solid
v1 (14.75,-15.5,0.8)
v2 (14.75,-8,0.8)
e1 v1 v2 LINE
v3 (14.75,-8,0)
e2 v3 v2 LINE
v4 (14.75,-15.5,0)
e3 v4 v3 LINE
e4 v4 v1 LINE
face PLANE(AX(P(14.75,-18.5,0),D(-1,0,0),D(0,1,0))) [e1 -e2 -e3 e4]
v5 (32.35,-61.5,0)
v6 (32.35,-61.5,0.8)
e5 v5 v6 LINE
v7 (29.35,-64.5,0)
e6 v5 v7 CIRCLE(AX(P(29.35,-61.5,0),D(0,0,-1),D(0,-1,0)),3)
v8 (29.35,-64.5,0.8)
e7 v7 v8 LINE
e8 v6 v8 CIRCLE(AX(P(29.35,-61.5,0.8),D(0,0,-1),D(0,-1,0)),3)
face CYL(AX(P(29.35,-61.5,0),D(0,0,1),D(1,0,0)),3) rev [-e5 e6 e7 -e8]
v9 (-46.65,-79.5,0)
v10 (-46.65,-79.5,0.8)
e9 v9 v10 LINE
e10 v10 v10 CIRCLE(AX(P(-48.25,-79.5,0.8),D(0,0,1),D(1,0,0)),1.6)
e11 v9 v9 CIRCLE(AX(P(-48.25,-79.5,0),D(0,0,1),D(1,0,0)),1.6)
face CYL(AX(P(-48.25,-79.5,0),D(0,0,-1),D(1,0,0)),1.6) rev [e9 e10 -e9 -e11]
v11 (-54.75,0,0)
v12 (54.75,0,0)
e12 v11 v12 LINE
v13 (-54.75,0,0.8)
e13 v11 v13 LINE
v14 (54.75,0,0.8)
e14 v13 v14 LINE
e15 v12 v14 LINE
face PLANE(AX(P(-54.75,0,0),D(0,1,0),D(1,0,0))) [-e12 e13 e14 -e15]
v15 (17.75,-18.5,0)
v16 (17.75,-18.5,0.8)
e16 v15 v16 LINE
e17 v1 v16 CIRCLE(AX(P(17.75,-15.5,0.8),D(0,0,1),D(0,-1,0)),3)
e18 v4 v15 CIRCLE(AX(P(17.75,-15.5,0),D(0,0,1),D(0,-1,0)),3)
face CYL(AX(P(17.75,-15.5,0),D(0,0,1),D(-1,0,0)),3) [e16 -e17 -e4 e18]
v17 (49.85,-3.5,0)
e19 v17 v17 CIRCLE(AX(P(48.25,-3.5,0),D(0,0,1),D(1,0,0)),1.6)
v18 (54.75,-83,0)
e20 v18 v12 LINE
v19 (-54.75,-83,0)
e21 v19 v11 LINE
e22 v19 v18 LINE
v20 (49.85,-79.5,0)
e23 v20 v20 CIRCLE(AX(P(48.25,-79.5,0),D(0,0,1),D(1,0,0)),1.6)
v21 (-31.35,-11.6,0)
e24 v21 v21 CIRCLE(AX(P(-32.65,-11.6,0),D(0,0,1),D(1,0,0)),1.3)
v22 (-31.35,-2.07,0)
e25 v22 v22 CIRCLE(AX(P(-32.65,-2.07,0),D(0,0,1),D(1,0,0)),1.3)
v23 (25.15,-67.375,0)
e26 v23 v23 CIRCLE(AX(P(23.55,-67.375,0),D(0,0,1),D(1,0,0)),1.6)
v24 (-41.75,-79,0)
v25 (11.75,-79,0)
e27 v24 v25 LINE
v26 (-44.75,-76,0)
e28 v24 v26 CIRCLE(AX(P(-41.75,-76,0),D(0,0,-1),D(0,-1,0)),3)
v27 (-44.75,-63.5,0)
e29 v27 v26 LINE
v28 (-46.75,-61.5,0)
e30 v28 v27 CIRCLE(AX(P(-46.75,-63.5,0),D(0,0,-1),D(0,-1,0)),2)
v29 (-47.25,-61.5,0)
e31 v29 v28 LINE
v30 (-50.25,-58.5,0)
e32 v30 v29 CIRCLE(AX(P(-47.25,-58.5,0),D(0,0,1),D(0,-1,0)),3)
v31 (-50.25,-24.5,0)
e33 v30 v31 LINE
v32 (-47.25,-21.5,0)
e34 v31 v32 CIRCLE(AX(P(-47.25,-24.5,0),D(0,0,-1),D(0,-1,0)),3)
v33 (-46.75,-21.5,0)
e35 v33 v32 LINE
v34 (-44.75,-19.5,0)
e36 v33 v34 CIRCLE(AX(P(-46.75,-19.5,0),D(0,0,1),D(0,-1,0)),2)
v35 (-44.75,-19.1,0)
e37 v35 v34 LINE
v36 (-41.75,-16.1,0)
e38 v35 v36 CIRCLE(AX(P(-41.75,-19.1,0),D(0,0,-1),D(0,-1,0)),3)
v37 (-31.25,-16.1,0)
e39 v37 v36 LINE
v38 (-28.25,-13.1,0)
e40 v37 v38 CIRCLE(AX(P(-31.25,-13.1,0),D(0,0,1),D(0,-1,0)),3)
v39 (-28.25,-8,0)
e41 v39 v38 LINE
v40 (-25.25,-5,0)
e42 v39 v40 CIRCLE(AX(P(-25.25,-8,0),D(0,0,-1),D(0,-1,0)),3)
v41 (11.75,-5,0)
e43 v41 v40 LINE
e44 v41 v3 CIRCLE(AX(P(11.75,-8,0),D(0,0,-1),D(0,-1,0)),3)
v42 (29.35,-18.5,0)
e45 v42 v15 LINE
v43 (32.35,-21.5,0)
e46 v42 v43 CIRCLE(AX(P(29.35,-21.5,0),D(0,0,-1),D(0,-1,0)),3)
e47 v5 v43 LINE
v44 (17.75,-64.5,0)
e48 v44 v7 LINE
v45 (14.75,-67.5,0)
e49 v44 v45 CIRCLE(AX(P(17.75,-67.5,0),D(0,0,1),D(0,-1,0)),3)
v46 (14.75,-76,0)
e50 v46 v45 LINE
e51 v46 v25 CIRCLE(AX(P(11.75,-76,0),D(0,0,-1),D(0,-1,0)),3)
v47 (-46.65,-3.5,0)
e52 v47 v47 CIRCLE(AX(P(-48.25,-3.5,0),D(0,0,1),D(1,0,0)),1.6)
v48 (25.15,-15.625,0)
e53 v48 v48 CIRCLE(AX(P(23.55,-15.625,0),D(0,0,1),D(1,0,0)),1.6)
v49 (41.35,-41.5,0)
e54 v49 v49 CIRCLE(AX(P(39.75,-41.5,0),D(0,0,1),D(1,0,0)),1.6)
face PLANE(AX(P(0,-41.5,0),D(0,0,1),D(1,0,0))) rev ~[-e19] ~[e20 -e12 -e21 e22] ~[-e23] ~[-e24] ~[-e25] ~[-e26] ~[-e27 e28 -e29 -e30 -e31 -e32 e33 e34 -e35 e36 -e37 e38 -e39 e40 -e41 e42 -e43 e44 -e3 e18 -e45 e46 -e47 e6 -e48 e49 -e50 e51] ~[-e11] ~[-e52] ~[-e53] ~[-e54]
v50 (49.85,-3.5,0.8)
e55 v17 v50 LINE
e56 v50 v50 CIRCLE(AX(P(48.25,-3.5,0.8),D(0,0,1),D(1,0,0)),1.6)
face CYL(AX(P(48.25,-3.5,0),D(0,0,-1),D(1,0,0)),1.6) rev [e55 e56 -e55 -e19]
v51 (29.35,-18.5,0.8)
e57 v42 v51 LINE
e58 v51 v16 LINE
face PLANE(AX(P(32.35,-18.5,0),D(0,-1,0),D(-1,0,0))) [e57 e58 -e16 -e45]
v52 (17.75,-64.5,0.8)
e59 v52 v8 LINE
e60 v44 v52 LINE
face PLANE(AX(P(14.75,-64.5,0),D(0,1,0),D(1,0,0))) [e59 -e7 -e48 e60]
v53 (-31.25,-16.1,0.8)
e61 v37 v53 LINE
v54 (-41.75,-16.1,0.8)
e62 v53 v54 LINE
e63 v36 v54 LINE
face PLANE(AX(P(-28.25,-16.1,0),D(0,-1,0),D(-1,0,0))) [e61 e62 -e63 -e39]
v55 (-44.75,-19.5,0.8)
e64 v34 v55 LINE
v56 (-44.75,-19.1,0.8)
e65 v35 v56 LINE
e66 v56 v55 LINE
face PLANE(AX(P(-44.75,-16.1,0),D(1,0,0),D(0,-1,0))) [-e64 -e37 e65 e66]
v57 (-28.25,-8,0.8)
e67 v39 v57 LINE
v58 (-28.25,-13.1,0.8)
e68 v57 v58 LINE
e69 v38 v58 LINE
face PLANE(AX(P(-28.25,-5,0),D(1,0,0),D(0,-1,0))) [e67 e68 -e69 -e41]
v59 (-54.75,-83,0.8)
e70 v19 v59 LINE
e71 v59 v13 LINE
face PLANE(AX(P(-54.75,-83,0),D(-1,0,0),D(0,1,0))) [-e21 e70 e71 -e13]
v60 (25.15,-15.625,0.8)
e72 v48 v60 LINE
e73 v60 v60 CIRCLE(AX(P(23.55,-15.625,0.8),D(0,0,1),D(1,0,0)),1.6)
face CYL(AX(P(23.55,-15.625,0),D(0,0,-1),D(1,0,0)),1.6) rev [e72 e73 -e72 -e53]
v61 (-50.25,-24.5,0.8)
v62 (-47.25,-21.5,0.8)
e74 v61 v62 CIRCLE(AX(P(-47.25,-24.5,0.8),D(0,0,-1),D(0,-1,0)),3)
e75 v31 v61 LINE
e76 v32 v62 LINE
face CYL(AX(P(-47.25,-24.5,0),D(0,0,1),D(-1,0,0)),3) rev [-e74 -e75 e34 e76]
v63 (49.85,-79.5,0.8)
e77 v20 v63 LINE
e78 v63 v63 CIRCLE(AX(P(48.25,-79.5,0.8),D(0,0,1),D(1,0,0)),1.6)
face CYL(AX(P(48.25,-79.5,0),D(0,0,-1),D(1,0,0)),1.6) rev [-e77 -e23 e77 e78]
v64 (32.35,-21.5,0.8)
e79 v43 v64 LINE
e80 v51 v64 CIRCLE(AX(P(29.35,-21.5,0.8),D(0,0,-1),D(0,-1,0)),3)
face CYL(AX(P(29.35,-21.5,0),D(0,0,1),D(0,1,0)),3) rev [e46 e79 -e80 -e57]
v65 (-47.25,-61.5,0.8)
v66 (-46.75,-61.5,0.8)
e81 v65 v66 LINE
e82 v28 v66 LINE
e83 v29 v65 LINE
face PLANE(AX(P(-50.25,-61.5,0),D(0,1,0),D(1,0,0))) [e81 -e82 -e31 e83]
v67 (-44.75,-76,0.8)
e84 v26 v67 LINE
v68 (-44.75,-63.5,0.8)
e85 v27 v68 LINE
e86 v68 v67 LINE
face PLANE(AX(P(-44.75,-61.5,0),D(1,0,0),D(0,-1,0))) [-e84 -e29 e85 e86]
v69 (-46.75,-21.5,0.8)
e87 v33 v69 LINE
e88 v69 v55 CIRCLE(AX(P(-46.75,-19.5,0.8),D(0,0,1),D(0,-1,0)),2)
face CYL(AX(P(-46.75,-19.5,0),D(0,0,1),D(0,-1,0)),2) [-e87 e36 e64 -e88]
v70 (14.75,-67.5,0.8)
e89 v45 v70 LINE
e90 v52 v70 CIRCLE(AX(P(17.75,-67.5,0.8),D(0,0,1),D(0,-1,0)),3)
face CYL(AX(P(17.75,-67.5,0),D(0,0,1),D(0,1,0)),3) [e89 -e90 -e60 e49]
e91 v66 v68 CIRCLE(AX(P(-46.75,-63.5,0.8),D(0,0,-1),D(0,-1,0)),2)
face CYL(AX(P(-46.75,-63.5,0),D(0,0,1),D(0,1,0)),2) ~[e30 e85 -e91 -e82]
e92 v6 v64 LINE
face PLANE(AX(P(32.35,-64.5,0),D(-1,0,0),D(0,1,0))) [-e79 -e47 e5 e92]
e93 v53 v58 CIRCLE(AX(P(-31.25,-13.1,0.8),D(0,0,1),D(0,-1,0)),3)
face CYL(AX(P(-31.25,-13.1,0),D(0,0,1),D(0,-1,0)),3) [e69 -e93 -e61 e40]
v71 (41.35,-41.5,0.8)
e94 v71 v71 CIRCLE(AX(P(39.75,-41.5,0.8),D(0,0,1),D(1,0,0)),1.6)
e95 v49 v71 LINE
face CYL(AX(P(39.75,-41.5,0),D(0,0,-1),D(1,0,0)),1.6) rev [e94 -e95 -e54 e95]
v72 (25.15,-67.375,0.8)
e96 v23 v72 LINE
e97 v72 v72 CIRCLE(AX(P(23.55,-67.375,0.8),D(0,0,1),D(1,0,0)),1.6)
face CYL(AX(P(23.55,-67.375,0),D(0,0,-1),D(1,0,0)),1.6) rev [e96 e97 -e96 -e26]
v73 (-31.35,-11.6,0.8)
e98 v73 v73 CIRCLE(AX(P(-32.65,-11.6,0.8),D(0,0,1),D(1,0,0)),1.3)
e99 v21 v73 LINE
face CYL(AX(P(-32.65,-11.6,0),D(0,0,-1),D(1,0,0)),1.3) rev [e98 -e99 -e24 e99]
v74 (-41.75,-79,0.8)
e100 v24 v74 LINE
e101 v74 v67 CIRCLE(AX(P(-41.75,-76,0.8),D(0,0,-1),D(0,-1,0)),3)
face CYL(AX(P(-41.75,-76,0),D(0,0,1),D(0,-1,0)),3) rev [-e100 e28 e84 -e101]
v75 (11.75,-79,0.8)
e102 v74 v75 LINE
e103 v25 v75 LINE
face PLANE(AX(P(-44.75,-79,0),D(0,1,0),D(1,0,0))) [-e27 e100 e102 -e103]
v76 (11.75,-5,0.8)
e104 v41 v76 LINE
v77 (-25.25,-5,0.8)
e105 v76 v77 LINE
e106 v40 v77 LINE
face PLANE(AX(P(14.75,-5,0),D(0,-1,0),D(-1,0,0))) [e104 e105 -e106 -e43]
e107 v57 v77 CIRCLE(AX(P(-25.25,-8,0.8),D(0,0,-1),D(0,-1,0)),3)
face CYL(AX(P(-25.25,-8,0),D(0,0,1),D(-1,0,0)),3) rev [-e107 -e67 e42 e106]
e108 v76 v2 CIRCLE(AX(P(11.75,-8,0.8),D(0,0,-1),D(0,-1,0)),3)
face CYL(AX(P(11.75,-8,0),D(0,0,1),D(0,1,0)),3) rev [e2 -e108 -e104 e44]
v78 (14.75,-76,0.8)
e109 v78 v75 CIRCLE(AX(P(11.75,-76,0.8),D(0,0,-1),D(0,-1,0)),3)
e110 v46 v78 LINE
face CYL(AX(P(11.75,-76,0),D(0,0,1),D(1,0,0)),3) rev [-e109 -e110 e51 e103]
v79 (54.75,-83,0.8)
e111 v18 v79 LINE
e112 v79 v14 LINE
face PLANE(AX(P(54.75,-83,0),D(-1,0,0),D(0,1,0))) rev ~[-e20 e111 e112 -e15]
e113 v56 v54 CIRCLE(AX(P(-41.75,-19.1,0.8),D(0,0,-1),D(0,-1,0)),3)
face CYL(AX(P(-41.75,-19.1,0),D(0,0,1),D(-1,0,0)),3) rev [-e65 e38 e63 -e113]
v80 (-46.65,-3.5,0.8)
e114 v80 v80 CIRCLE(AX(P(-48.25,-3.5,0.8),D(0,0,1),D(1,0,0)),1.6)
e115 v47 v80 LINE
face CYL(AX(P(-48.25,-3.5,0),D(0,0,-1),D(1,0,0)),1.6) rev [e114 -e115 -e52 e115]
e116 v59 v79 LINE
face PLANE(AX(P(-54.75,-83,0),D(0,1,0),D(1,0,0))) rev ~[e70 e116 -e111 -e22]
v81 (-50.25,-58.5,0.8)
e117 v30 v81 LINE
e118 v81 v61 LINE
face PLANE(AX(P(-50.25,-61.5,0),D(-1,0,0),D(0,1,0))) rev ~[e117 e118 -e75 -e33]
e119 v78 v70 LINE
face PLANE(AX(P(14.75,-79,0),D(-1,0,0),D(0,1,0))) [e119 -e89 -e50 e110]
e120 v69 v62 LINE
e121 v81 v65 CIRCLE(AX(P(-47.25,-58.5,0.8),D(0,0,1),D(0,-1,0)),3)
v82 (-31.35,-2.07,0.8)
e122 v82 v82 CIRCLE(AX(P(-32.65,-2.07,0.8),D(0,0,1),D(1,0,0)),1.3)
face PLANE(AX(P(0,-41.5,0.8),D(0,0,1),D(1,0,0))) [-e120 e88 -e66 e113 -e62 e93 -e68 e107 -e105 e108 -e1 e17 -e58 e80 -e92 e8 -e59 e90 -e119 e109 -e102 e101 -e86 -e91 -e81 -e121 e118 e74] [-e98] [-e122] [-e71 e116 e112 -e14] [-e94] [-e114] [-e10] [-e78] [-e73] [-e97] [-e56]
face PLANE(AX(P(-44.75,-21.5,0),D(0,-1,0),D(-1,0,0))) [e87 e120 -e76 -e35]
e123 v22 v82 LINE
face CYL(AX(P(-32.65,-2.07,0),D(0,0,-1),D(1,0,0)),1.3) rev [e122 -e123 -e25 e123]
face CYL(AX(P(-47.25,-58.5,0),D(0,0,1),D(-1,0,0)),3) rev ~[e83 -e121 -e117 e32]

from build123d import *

# Parameters (mm, degrees)
SKETCH1_W           = 109.5
SKETCH1_H           = 83
SKETCH1_R           = 1.6
SKETCH1_R_2         = 1.3
BOSS_EXTRUDE1_DEPTH = 0.8
FILLET1_R           = 3
FILLET2_R           = 2


with BuildPart() as part:
    # Sketch1 → Boss-Extrude1 (new body)
    with BuildSketch(Plane.XY):
        with Locations((0, -41.5)):
            Rectangle(SKETCH1_W, SKETCH1_H)
        with Locations((23.55, -67.375)):
            Circle(SKETCH1_R, mode=Mode.SUBTRACT)
        with Locations((23.55, -15.625)):
            Circle(SKETCH1_R, mode=Mode.SUBTRACT)
        with Locations((48.25, -3.5)):
            Circle(SKETCH1_R, mode=Mode.SUBTRACT)
        with Locations((48.25, -79.5)):
            Circle(SKETCH1_R, mode=Mode.SUBTRACT)
        with Locations((-48.25, -79.5)):
            Circle(SKETCH1_R, mode=Mode.SUBTRACT)
        with Locations((-48.25, -3.5)):
            Circle(SKETCH1_R, mode=Mode.SUBTRACT)
        with Locations((-32.65, -2.07)):
            Circle(SKETCH1_R_2, mode=Mode.SUBTRACT)
        with Locations((-32.65, -11.6)):
            Circle(SKETCH1_R_2, mode=Mode.SUBTRACT)
        with Locations((39.75, -41.5)):
            Circle(SKETCH1_R, mode=Mode.SUBTRACT)
        Polygon((-50.25, -41.5), (-50.25, -61.5), (-44.75, -61.5), (-44.75, -79), (14.75, -79), (14.75, -64.5), (32.35, -64.5), (32.35, -18.5), (14.75, -18.5), (14.75, -5), (-28.25, -5), (-28.25, -16.1), (-44.75, -16.1), (-44.75, -21.5), (-50.25, -21.5), align=None, mode=Mode.SUBTRACT)
    extrude(amount=BOSS_EXTRUDE1_DEPTH)

    # Fillet1
    fillet1_edges = [part.edges().sort_by_distance(p)[0] for p in [
        (32.35, -64.5, 0.4),
        (32.35, -18.5, 0.4),
        (14.75, -18.5, 0.4),
        (14.75, -5, 0.4),
        (-28.25, -5, 0.4),
        (-28.25, -16.1, 0.4),
        (-44.75, -16.1, 0.4),
        (-50.25, -21.5, 0.4),
        (-50.25, -61.5, 0.4),
        (-44.75, -79, 0.4),
        (14.75, -79, 0.4),
        (14.75, -64.5, 0.4),
    ]]
    fillet(fillet1_edges, radius=FILLET1_R)

    # Fillet2
    fillet2_edges = [part.edges().sort_by_distance(p)[0] for p in [
        (-44.75, -21.5, 0.4),
        (-44.75, -61.5, 0.4),
    ]]
    fillet(fillet2_edges, radius=FILLET2_R)


solid = part.part
